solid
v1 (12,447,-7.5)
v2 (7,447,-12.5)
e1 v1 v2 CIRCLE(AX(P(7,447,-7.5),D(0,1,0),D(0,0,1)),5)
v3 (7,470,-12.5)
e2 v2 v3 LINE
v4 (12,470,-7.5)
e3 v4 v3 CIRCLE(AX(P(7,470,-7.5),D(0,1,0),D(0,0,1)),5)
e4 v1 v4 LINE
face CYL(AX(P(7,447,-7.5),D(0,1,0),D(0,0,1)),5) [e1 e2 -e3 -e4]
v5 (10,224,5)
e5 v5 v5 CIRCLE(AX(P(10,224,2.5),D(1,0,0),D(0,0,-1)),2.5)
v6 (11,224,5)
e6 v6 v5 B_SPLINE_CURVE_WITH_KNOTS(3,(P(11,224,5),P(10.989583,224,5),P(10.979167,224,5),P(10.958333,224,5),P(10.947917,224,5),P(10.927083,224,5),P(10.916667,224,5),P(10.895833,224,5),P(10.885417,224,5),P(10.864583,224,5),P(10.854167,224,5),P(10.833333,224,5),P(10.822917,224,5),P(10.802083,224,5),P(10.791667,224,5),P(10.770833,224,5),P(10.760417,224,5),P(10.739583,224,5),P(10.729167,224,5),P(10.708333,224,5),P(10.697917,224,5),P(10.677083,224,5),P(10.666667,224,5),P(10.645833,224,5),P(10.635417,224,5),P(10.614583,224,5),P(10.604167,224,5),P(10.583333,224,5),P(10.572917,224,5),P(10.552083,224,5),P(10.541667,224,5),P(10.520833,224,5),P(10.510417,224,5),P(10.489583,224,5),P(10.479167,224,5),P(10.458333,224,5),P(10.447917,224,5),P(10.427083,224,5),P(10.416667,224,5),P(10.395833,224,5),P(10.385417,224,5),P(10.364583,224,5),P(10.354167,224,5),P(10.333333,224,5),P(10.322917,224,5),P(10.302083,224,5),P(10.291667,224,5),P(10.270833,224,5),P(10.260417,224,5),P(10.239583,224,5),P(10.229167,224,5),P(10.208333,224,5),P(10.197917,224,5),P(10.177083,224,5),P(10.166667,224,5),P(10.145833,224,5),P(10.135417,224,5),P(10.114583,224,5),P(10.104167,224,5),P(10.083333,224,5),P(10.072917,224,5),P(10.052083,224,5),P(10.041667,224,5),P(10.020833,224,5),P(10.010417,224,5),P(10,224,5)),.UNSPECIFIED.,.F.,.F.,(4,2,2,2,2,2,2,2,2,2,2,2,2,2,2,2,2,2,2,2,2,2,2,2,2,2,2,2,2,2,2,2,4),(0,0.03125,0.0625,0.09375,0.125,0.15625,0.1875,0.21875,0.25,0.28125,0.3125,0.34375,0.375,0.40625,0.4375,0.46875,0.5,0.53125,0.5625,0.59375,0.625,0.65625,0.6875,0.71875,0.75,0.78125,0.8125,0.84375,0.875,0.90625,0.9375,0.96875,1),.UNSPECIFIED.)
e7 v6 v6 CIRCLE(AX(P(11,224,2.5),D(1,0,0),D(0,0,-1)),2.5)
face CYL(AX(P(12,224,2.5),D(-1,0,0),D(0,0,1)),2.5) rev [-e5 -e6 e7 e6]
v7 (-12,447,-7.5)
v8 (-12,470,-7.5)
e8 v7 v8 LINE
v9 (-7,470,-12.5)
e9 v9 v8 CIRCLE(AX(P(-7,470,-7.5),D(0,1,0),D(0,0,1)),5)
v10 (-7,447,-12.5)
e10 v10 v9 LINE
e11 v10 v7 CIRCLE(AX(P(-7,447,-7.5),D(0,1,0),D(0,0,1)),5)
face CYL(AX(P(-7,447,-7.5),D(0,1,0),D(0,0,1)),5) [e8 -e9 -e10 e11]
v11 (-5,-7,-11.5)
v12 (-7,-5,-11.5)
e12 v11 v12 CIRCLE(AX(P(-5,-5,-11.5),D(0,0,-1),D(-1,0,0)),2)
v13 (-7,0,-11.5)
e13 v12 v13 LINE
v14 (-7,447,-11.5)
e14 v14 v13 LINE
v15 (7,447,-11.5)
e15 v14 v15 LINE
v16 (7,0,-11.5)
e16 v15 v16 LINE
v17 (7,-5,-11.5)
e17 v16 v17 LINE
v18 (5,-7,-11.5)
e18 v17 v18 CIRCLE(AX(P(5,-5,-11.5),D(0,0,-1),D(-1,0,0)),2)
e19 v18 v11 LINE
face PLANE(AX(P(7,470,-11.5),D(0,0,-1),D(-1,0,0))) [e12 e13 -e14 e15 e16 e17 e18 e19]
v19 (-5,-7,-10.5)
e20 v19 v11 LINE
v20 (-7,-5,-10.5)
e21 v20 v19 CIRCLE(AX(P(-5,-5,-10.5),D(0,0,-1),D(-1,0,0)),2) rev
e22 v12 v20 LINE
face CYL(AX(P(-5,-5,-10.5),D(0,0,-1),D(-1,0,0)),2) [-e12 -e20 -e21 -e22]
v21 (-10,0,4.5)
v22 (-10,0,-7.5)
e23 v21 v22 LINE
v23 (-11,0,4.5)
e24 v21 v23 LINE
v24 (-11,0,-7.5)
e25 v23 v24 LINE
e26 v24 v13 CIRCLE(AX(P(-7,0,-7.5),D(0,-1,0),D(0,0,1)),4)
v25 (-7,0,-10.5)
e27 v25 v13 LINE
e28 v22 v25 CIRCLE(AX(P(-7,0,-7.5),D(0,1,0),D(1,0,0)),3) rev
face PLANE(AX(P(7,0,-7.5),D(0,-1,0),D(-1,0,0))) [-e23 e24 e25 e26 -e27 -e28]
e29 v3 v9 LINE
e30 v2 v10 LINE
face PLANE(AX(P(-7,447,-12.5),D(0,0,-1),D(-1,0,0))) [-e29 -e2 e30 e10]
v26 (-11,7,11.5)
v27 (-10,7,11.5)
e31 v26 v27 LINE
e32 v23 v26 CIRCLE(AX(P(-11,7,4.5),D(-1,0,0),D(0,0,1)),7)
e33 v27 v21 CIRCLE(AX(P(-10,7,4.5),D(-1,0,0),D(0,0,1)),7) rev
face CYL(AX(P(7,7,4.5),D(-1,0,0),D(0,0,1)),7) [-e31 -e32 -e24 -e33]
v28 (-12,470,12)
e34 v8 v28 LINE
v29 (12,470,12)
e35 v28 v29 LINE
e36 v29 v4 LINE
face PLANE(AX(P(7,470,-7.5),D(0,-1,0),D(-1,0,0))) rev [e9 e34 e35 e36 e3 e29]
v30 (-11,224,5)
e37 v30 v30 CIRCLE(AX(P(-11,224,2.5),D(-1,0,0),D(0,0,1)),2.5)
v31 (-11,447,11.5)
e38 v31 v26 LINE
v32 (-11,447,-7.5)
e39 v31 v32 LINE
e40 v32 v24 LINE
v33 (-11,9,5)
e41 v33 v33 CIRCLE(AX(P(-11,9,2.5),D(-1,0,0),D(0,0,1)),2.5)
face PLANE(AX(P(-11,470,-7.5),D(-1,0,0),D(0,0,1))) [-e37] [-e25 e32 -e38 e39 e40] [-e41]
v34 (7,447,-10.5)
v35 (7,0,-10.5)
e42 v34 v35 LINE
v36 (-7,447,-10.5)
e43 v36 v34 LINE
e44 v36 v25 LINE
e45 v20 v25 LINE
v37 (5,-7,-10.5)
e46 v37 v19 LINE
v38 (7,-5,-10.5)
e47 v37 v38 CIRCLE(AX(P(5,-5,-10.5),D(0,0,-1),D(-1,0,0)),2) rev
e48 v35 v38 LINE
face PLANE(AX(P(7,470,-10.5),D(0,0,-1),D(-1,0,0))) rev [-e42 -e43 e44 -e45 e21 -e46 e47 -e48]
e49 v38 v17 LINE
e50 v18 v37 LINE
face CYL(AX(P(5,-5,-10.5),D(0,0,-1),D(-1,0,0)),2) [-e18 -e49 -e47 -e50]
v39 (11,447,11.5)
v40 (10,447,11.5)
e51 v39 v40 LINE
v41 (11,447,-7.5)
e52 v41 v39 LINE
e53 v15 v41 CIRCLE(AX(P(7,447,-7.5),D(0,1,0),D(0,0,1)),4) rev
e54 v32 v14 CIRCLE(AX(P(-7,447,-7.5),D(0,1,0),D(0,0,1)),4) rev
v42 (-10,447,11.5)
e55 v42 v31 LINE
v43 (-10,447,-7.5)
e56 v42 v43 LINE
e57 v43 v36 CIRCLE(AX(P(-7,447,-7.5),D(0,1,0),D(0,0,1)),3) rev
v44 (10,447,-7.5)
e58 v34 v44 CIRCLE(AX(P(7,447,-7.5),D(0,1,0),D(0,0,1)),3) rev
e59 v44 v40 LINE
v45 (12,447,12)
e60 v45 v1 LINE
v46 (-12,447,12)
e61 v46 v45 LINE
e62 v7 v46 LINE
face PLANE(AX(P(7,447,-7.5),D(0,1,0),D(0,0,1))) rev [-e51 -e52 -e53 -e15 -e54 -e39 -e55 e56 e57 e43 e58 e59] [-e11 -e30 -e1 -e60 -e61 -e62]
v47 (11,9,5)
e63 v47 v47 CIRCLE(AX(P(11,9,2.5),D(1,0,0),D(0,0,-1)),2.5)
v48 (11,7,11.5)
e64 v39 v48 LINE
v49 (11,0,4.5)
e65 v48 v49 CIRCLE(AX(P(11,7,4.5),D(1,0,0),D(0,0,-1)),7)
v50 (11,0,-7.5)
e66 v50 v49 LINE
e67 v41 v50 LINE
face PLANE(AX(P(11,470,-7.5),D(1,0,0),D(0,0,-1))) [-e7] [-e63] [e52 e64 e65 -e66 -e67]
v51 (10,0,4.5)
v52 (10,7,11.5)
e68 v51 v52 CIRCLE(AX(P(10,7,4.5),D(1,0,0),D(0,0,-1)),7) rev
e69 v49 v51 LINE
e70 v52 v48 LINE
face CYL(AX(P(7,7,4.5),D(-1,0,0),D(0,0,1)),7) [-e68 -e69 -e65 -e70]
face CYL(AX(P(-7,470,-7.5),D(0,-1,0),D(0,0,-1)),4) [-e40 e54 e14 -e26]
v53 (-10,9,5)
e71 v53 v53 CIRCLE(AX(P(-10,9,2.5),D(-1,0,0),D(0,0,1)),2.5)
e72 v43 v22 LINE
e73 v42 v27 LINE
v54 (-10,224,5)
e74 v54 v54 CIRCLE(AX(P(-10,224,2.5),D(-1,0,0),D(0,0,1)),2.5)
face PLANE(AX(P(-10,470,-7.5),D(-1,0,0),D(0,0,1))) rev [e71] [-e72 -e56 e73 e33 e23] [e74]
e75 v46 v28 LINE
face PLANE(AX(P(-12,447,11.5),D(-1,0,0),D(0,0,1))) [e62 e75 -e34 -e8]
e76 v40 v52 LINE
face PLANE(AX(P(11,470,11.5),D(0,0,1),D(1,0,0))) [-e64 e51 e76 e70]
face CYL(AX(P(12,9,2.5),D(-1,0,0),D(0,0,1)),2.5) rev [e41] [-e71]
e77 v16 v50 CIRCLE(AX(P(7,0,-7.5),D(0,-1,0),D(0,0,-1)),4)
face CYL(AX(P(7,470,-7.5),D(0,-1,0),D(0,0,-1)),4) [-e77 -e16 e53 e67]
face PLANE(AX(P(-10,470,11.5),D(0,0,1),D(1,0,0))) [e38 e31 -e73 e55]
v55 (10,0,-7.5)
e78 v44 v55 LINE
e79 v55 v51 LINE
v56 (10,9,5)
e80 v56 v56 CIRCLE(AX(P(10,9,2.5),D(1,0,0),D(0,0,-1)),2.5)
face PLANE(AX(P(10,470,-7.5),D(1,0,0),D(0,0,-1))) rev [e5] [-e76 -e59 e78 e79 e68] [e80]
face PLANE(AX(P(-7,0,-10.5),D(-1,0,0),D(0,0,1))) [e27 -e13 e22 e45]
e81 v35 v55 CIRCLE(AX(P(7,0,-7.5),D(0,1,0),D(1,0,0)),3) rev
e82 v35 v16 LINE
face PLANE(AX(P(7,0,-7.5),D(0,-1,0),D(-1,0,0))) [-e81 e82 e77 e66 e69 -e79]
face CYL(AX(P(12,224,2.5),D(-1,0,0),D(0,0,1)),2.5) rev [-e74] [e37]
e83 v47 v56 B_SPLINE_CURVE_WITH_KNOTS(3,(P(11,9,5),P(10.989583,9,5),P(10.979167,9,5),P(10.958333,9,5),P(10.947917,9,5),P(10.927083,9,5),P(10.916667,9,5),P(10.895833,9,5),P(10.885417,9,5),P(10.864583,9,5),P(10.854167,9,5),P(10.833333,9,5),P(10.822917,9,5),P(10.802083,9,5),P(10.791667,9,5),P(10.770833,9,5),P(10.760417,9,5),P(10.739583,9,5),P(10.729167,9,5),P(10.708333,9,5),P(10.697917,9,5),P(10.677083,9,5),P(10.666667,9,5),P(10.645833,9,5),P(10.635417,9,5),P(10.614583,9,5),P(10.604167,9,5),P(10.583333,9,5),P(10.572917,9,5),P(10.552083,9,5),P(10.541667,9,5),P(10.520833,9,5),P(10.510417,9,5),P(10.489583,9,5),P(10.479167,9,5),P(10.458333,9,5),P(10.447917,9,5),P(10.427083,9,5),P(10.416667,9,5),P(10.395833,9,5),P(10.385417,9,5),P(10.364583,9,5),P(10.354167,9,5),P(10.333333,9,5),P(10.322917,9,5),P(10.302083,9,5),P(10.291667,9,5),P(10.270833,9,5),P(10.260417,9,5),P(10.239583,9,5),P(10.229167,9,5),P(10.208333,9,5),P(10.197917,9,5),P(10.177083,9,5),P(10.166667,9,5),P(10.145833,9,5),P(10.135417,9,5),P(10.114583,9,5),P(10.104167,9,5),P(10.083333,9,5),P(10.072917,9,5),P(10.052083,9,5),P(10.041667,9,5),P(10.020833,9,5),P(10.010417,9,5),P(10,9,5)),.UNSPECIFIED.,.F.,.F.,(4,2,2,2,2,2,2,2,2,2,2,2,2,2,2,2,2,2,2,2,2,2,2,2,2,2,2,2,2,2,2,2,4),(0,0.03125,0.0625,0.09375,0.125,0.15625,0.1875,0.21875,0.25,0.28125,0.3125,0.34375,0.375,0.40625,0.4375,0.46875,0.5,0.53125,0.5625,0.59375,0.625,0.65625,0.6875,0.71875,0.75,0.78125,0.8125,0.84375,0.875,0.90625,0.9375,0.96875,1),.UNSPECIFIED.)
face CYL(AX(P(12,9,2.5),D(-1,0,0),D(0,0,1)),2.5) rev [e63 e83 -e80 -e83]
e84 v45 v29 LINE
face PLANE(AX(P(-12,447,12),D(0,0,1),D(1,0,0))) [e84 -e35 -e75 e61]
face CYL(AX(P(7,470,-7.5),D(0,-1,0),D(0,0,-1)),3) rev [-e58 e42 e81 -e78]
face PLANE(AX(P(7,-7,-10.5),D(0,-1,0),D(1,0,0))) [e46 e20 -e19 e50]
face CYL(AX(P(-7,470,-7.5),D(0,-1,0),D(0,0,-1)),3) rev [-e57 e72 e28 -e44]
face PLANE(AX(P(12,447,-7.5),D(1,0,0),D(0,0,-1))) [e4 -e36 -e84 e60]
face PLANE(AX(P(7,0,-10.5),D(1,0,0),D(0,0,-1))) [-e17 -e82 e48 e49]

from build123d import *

# Parameters (mm, degrees)
EXTRUDE_1_DEPTH     = 470
FILLET_1_R          = 7
EXTRUDE_1_2_DEPTH   = 23
SKETCH_5_W          = 14
SKETCH_5_H          = 7
EXTRUDE_2_DEPTH     = 1
FILLET_2_R          = 2
SKETCH_3_R          = 2.5
CUT_EXTRUDE_1_DEPTH = 471.728424891


with BuildPart() as part:
    # Эскиз1 → Extrude 1 (new body)
    with BuildSketch(Plane(origin=(0, 0, 0), x_dir=(1, 0, 0), z_dir=(0, 1, 0))):
        with BuildLine():
            Line((11, -11.5), (11, 7.5))
            ThreePointArc((11, 7.5), (9.828427125, 10.328427125), (7, 11.5))
            Line((7, 11.5), (-7, 11.5))
            ThreePointArc((-7, 11.5), (-9.828427125, 10.328427125), (-11, 7.5))
            Line((-11, 7.5), (-11, -11.5))
            Line((-11, -11.5), (-10, -11.5))
            Line((-10, -11.5), (-10, 7.5))
            ThreePointArc((-10, 7.5), (-9.121320344, 9.621320344), (-7, 10.5))
            Line((-7, 10.5), (7, 10.5))
            ThreePointArc((7, 10.5), (9.121320344, 9.621320344), (10, 7.5))
            Line((10, 7.5), (10, -11.5))
            Line((10, -11.5), (11, -11.5))
        make_face()
    extrude(amount=EXTRUDE_1_DEPTH)

    # Скругление1
    fillet_1_edges = [part.edges().sort_by_distance(p)[0] for p in [
        (-10.5, 0, 11.5),
        (10.5, 0, 11.5),
    ]]
    fillet(fillet_1_edges, radius=FILLET_1_R)

    # Эскиз2 → Extrude 1 2 (add)
    with BuildSketch(Plane(origin=(0, 470, 0), x_dir=(1, 0, 0), z_dir=(0, 1, 0))):
        with BuildLine():
            Line((-12, -11.5), (-12, 7.5))
            ThreePointArc((-12, 7.5), (-10.535533906, 11.035533906), (-7, 12.5))
            Line((-7, 12.5), (7, 12.5))
            ThreePointArc((7, 12.5), (10.535533906, 11.035533906), (12, 7.5))
            Line((12, 7.5), (12, -11.5))
            Line((12, -11.5), (12, -12))
            Line((12, -12), (-12, -12))
            Line((-12, -12), (-12, -11.5))
        make_face()
    extrude(amount=-EXTRUDE_1_2_DEPTH)

    # Эскиз5 → Бобышка-Вытянуть2 (add)
    with BuildSketch(Plane(origin=(0, 0, -11.5), x_dir=(-1, 0, 0), z_dir=(0, 0, -1))):
        with Locations((0, -3.5)):
            Rectangle(SKETCH_5_W, SKETCH_5_H)
    extrude(amount=-EXTRUDE_2_DEPTH)

    # Скругление2
    fillet_2_edges = [part.edges().sort_by_distance(p)[0] for p in [
        (7, -7, -11),
        (-7, -7, -11),
    ]]
    fillet(fillet_2_edges, radius=FILLET_2_R)

    # Эскиз3 → Вырез-Вытянуть1 (cut, through all)
    with BuildSketch(Plane.ZY.offset(11)):
        with Locations((2.5, 9)):
            Circle(SKETCH_3_R)
        with Locations((2.5, 224)):
            Circle(SKETCH_3_R)
    extrude(amount=-CUT_EXTRUDE_1_DEPTH, mode=Mode.SUBTRACT)


solid = part.part
